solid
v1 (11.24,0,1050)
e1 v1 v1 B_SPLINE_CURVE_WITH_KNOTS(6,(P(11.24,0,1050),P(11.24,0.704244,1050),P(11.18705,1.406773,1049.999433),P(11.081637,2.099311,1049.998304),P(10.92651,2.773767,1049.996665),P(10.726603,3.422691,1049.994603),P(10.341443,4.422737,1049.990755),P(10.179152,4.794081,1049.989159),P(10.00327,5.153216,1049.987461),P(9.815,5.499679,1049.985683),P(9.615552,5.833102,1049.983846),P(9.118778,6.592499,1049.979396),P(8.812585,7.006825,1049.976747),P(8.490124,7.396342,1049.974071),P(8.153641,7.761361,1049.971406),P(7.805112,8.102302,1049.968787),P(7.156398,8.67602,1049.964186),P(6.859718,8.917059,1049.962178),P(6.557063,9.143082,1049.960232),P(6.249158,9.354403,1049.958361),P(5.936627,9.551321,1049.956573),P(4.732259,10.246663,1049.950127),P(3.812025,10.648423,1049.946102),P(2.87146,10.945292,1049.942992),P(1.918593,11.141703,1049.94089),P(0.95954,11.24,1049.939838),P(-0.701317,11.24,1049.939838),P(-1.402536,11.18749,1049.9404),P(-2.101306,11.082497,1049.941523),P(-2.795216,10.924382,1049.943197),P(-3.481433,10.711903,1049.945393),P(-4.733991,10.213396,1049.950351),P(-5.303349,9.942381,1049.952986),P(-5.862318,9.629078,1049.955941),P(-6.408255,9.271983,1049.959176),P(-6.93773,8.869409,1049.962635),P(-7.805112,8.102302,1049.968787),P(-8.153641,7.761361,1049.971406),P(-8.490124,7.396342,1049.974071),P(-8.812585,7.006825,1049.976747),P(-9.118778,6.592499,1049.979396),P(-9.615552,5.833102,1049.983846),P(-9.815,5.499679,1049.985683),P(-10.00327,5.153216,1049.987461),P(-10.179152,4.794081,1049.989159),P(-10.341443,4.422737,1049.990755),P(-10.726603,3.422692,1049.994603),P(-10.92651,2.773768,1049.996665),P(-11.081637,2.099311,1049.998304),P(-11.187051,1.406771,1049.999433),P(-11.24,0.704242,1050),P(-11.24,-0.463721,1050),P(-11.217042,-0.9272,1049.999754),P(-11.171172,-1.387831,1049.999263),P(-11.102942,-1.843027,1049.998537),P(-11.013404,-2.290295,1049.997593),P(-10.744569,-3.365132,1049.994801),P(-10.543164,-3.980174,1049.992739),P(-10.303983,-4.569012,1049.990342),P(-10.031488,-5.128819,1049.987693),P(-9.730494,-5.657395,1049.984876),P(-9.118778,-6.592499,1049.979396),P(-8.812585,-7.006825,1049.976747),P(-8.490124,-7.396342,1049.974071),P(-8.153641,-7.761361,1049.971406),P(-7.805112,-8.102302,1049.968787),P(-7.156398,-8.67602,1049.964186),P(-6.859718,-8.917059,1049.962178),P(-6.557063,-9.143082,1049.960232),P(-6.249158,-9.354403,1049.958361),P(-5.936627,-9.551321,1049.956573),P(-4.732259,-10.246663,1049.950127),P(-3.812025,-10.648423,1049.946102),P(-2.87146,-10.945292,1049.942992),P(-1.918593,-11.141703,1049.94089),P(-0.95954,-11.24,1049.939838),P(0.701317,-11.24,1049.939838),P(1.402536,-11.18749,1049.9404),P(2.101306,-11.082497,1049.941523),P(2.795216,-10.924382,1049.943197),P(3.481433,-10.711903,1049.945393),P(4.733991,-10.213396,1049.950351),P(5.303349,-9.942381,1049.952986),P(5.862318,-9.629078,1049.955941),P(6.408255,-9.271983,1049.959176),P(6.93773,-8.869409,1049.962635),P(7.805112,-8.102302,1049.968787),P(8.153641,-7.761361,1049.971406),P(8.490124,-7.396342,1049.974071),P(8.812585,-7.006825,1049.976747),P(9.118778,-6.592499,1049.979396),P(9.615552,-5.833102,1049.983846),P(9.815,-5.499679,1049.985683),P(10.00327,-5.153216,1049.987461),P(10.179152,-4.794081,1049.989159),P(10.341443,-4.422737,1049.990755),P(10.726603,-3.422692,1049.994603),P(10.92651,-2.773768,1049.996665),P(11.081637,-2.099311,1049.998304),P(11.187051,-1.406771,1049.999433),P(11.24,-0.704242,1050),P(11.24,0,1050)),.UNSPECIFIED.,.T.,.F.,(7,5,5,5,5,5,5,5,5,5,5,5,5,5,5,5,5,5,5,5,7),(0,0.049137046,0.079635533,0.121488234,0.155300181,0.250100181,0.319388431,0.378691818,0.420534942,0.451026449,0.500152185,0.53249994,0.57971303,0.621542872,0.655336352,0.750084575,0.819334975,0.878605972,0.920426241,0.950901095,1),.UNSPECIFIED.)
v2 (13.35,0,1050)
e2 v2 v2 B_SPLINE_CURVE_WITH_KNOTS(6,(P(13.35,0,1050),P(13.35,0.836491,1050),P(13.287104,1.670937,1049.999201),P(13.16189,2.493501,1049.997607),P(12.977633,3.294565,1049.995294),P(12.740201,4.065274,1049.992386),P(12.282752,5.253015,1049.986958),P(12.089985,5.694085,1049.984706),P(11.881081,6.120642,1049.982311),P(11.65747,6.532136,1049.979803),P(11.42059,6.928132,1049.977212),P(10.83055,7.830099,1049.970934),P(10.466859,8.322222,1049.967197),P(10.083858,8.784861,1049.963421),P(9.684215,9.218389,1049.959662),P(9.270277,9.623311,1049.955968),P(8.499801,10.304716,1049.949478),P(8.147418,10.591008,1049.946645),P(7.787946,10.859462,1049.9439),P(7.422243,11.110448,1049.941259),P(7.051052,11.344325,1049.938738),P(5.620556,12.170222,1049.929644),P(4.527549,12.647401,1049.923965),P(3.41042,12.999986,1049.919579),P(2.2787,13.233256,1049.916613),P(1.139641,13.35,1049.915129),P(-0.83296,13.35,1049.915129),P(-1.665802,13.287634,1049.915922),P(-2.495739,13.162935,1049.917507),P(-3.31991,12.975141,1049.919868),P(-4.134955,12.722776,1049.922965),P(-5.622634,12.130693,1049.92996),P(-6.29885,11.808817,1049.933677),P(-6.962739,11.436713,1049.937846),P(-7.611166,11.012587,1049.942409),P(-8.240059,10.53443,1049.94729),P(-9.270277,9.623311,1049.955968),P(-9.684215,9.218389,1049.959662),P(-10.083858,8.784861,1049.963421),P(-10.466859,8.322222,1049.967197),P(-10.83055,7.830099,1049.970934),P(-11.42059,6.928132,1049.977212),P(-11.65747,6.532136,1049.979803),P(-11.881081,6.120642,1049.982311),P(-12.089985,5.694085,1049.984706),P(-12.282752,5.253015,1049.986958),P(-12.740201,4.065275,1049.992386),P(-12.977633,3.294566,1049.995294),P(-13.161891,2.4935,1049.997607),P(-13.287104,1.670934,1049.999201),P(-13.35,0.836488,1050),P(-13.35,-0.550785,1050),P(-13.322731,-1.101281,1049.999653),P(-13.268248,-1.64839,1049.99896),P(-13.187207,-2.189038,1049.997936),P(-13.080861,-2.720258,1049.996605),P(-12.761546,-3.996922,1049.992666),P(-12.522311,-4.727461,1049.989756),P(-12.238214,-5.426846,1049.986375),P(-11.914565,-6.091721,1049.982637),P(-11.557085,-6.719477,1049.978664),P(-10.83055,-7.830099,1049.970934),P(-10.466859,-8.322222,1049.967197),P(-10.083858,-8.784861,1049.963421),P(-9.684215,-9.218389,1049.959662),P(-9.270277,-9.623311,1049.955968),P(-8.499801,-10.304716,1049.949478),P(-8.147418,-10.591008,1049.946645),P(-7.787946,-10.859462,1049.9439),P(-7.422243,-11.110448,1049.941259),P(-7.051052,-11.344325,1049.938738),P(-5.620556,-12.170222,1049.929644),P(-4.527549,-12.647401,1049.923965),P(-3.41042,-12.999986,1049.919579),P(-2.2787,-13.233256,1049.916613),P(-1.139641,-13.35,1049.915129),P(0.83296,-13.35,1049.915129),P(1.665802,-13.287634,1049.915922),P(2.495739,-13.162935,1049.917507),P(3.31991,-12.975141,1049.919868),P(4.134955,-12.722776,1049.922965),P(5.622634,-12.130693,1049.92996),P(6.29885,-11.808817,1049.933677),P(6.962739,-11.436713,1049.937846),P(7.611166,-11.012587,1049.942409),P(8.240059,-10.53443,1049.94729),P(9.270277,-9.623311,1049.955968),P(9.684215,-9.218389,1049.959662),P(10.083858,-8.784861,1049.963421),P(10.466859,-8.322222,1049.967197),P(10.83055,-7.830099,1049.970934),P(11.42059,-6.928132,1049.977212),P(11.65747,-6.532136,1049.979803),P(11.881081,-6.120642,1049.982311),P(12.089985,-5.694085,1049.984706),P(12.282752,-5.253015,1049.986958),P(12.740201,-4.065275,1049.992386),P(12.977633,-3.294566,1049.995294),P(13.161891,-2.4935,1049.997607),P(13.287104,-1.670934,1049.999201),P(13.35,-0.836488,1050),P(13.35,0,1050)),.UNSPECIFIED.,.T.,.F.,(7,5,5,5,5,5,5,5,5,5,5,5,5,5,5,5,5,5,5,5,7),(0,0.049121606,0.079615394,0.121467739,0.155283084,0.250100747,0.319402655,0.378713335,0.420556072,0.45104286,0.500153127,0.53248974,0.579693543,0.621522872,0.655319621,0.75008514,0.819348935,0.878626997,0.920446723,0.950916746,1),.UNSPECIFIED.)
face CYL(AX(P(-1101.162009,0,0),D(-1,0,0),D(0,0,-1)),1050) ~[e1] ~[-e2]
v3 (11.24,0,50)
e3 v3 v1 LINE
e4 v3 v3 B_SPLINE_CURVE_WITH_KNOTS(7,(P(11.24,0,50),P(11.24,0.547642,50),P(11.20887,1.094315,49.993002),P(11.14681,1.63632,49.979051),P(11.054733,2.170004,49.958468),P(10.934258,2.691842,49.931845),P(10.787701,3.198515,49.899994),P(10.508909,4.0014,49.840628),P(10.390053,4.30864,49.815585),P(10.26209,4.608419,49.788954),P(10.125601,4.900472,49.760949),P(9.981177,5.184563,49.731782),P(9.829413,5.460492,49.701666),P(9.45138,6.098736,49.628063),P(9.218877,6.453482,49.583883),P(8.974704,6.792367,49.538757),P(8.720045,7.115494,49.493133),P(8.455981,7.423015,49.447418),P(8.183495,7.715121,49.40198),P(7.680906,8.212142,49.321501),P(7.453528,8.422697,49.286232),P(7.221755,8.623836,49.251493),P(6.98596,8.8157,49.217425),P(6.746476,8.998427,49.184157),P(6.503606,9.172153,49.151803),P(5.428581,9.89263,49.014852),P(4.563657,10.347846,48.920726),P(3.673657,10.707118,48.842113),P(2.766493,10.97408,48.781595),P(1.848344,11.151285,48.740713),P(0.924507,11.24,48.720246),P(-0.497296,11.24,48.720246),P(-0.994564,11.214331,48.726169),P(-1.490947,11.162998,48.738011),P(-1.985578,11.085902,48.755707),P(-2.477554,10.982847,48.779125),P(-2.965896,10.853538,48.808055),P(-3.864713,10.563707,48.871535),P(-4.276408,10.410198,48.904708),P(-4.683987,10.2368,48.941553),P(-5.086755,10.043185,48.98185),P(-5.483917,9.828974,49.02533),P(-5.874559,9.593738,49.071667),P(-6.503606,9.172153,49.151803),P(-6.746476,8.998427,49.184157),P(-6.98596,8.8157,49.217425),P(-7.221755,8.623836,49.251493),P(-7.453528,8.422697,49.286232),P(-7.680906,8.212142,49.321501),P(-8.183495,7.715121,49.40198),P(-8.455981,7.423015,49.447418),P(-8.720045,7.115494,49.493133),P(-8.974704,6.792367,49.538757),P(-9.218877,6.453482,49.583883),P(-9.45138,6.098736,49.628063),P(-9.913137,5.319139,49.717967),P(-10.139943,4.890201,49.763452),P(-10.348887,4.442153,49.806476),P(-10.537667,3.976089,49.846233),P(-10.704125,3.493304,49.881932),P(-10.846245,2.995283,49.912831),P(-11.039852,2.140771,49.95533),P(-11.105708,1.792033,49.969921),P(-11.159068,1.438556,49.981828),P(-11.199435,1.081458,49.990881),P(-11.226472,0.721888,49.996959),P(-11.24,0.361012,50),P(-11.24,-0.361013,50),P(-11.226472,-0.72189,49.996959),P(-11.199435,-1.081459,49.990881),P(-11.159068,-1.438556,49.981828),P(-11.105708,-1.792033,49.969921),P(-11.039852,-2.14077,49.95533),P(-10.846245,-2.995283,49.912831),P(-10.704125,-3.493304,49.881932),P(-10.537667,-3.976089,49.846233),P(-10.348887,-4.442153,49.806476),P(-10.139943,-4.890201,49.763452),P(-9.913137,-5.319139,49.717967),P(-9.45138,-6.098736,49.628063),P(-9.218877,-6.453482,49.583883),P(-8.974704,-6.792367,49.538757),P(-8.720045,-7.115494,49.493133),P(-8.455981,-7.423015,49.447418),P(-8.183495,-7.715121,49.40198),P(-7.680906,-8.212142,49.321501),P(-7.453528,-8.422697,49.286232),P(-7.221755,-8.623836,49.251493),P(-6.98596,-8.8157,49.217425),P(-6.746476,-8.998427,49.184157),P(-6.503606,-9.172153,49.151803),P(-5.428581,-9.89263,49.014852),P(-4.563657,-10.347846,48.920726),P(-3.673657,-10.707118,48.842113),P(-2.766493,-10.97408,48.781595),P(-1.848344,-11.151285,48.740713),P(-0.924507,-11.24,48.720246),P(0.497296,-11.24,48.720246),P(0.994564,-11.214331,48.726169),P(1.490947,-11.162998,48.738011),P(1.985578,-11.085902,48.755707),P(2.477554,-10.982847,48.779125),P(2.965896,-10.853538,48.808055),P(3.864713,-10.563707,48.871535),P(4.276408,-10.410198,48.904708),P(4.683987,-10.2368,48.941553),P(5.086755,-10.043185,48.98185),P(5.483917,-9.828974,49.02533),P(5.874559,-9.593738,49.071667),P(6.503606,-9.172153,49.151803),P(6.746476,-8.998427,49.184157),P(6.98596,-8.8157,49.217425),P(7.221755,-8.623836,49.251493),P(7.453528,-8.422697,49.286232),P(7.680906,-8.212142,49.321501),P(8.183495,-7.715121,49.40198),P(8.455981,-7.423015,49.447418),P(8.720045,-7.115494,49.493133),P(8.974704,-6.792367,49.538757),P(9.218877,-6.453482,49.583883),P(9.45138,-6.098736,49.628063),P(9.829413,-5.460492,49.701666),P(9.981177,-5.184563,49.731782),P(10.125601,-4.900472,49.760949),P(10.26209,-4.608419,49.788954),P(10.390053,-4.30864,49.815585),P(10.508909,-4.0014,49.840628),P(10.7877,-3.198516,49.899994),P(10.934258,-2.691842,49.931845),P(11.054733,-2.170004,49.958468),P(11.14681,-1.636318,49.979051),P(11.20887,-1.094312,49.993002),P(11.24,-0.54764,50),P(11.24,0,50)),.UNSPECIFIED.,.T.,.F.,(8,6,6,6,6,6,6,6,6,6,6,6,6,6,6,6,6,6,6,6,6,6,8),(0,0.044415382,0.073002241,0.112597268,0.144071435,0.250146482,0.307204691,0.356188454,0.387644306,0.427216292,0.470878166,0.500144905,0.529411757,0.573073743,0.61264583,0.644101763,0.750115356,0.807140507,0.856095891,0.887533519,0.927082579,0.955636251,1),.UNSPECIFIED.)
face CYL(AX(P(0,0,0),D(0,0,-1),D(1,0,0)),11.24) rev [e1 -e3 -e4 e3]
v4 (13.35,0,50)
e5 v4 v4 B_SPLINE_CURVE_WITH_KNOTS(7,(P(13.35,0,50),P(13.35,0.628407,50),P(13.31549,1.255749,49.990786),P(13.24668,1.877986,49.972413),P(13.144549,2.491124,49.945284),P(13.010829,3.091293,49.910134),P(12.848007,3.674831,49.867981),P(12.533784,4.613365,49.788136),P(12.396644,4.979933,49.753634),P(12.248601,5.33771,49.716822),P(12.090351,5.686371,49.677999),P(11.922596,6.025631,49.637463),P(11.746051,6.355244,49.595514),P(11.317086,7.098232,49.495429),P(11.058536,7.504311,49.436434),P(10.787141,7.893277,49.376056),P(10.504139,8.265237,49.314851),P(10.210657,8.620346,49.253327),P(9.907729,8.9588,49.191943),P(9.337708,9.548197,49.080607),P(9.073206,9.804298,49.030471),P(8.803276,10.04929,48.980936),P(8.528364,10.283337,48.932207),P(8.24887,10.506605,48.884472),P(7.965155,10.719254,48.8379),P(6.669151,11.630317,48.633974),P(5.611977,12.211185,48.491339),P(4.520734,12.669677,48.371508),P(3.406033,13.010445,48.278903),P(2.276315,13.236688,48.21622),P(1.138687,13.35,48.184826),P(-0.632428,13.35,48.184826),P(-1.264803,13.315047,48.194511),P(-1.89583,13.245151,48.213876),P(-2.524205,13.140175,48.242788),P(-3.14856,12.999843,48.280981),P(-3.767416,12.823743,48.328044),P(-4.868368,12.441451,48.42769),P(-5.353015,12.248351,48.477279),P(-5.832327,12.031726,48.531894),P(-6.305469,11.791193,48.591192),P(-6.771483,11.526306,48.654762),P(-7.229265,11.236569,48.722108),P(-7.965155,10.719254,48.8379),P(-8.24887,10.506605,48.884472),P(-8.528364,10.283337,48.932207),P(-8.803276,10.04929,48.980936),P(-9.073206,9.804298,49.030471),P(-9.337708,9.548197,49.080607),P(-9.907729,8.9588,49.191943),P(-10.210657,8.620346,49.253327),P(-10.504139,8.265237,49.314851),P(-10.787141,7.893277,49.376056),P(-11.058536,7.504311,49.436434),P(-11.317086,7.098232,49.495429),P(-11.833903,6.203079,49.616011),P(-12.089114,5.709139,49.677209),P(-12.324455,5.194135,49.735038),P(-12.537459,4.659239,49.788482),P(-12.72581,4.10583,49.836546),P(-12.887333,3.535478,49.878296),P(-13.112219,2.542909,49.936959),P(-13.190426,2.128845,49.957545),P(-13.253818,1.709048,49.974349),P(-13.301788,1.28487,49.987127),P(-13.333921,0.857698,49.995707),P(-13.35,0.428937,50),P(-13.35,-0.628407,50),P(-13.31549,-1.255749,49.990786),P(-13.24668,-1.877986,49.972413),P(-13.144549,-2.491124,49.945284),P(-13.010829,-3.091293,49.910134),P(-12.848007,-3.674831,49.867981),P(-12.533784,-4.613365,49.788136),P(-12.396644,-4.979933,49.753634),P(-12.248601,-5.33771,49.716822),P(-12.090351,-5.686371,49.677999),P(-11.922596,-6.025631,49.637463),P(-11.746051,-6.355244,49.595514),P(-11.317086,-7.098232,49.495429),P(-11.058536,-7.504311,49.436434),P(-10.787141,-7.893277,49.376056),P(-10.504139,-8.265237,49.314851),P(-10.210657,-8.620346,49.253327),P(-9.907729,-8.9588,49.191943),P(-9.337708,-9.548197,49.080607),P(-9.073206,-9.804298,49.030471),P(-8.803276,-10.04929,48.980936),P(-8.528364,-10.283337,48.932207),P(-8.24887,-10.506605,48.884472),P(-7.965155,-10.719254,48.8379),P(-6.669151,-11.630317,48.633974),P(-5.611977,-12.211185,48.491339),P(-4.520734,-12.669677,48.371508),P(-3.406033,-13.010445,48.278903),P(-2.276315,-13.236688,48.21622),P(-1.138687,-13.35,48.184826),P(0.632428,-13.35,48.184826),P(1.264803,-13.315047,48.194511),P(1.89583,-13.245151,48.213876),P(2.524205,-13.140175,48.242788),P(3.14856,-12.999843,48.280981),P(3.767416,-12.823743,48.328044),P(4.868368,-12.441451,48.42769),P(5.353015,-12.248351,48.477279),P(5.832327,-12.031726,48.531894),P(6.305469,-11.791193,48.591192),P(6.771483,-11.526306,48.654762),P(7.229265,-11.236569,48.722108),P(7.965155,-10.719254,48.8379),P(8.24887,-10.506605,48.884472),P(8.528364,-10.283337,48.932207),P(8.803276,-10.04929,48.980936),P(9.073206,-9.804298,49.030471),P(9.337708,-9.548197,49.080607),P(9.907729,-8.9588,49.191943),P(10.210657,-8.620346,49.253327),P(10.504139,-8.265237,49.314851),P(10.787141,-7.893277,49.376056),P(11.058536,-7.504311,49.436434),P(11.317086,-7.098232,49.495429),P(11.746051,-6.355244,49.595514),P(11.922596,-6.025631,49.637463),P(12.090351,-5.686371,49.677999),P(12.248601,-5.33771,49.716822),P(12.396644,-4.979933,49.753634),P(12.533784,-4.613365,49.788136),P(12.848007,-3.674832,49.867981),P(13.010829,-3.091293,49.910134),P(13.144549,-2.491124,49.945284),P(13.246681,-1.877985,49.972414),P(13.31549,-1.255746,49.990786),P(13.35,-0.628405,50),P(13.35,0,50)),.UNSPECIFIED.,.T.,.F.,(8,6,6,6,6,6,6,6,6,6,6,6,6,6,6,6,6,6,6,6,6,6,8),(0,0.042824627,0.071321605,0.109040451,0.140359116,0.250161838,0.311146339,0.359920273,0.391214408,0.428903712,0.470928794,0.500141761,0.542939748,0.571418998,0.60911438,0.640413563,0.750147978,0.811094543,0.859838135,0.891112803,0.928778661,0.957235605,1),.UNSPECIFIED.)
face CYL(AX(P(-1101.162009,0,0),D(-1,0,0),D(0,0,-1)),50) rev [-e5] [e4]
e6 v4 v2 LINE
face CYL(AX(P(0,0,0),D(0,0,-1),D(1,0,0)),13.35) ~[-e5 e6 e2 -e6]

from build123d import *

# Parameters (mm, degrees)
SKETCH1_R               = 13.35
SKETCH1_R_2             = 11.24
BOSS_EXTRUDE1_DEPTH     = 1100
CUT_EXTRUDE1_DEPTH      = 1101.162008524
CUT_EXTRUDE1_DEPTH_BACK = 1101.162008524
SKETCH2_R               = 50
CUT_EXTRUDE2_DEPTH      = 1101.162008627
CUT_EXTRUDE2_DEPTH_BACK = 1101.162008627
SKETCH3_R               = 2231.362480005
SKETCH3_R_2             = 1050


with BuildPart() as part:
    # Sketch1 → Boss-Extrude1 (new body)
    with BuildSketch(Plane.XY):
        Circle(SKETCH1_R)
        Circle(SKETCH1_R_2, mode=Mode.SUBTRACT)
    extrude(amount=BOSS_EXTRUDE1_DEPTH)

    # Sketch2 → Cut-Extrude1 (cut, two sides: drawn at the far end of the back side and taken through both)
    with BuildSketch(Plane(origin=(0, 0, 0), x_dir=(0, 0, -1), z_dir=(1, 0, 0)).offset(-CUT_EXTRUDE1_DEPTH_BACK)):
        Circle(SKETCH2_R)
    extrude(amount=CUT_EXTRUDE1_DEPTH + CUT_EXTRUDE1_DEPTH_BACK, mode=Mode.SUBTRACT)

    # Sketch3 → Cut-Extrude2 (cut, two sides: drawn at the far end of the back side and taken through both)
    with BuildSketch(Plane(origin=(0, 0, 0), x_dir=(0, 0, -1), z_dir=(1, 0, 0)).offset(-CUT_EXTRUDE2_DEPTH_BACK)):
        Circle(SKETCH3_R)
        Circle(SKETCH3_R_2, mode=Mode.SUBTRACT)
    extrude(amount=CUT_EXTRUDE2_DEPTH + CUT_EXTRUDE2_DEPTH_BACK, mode=Mode.SUBTRACT)


solid = part.part
